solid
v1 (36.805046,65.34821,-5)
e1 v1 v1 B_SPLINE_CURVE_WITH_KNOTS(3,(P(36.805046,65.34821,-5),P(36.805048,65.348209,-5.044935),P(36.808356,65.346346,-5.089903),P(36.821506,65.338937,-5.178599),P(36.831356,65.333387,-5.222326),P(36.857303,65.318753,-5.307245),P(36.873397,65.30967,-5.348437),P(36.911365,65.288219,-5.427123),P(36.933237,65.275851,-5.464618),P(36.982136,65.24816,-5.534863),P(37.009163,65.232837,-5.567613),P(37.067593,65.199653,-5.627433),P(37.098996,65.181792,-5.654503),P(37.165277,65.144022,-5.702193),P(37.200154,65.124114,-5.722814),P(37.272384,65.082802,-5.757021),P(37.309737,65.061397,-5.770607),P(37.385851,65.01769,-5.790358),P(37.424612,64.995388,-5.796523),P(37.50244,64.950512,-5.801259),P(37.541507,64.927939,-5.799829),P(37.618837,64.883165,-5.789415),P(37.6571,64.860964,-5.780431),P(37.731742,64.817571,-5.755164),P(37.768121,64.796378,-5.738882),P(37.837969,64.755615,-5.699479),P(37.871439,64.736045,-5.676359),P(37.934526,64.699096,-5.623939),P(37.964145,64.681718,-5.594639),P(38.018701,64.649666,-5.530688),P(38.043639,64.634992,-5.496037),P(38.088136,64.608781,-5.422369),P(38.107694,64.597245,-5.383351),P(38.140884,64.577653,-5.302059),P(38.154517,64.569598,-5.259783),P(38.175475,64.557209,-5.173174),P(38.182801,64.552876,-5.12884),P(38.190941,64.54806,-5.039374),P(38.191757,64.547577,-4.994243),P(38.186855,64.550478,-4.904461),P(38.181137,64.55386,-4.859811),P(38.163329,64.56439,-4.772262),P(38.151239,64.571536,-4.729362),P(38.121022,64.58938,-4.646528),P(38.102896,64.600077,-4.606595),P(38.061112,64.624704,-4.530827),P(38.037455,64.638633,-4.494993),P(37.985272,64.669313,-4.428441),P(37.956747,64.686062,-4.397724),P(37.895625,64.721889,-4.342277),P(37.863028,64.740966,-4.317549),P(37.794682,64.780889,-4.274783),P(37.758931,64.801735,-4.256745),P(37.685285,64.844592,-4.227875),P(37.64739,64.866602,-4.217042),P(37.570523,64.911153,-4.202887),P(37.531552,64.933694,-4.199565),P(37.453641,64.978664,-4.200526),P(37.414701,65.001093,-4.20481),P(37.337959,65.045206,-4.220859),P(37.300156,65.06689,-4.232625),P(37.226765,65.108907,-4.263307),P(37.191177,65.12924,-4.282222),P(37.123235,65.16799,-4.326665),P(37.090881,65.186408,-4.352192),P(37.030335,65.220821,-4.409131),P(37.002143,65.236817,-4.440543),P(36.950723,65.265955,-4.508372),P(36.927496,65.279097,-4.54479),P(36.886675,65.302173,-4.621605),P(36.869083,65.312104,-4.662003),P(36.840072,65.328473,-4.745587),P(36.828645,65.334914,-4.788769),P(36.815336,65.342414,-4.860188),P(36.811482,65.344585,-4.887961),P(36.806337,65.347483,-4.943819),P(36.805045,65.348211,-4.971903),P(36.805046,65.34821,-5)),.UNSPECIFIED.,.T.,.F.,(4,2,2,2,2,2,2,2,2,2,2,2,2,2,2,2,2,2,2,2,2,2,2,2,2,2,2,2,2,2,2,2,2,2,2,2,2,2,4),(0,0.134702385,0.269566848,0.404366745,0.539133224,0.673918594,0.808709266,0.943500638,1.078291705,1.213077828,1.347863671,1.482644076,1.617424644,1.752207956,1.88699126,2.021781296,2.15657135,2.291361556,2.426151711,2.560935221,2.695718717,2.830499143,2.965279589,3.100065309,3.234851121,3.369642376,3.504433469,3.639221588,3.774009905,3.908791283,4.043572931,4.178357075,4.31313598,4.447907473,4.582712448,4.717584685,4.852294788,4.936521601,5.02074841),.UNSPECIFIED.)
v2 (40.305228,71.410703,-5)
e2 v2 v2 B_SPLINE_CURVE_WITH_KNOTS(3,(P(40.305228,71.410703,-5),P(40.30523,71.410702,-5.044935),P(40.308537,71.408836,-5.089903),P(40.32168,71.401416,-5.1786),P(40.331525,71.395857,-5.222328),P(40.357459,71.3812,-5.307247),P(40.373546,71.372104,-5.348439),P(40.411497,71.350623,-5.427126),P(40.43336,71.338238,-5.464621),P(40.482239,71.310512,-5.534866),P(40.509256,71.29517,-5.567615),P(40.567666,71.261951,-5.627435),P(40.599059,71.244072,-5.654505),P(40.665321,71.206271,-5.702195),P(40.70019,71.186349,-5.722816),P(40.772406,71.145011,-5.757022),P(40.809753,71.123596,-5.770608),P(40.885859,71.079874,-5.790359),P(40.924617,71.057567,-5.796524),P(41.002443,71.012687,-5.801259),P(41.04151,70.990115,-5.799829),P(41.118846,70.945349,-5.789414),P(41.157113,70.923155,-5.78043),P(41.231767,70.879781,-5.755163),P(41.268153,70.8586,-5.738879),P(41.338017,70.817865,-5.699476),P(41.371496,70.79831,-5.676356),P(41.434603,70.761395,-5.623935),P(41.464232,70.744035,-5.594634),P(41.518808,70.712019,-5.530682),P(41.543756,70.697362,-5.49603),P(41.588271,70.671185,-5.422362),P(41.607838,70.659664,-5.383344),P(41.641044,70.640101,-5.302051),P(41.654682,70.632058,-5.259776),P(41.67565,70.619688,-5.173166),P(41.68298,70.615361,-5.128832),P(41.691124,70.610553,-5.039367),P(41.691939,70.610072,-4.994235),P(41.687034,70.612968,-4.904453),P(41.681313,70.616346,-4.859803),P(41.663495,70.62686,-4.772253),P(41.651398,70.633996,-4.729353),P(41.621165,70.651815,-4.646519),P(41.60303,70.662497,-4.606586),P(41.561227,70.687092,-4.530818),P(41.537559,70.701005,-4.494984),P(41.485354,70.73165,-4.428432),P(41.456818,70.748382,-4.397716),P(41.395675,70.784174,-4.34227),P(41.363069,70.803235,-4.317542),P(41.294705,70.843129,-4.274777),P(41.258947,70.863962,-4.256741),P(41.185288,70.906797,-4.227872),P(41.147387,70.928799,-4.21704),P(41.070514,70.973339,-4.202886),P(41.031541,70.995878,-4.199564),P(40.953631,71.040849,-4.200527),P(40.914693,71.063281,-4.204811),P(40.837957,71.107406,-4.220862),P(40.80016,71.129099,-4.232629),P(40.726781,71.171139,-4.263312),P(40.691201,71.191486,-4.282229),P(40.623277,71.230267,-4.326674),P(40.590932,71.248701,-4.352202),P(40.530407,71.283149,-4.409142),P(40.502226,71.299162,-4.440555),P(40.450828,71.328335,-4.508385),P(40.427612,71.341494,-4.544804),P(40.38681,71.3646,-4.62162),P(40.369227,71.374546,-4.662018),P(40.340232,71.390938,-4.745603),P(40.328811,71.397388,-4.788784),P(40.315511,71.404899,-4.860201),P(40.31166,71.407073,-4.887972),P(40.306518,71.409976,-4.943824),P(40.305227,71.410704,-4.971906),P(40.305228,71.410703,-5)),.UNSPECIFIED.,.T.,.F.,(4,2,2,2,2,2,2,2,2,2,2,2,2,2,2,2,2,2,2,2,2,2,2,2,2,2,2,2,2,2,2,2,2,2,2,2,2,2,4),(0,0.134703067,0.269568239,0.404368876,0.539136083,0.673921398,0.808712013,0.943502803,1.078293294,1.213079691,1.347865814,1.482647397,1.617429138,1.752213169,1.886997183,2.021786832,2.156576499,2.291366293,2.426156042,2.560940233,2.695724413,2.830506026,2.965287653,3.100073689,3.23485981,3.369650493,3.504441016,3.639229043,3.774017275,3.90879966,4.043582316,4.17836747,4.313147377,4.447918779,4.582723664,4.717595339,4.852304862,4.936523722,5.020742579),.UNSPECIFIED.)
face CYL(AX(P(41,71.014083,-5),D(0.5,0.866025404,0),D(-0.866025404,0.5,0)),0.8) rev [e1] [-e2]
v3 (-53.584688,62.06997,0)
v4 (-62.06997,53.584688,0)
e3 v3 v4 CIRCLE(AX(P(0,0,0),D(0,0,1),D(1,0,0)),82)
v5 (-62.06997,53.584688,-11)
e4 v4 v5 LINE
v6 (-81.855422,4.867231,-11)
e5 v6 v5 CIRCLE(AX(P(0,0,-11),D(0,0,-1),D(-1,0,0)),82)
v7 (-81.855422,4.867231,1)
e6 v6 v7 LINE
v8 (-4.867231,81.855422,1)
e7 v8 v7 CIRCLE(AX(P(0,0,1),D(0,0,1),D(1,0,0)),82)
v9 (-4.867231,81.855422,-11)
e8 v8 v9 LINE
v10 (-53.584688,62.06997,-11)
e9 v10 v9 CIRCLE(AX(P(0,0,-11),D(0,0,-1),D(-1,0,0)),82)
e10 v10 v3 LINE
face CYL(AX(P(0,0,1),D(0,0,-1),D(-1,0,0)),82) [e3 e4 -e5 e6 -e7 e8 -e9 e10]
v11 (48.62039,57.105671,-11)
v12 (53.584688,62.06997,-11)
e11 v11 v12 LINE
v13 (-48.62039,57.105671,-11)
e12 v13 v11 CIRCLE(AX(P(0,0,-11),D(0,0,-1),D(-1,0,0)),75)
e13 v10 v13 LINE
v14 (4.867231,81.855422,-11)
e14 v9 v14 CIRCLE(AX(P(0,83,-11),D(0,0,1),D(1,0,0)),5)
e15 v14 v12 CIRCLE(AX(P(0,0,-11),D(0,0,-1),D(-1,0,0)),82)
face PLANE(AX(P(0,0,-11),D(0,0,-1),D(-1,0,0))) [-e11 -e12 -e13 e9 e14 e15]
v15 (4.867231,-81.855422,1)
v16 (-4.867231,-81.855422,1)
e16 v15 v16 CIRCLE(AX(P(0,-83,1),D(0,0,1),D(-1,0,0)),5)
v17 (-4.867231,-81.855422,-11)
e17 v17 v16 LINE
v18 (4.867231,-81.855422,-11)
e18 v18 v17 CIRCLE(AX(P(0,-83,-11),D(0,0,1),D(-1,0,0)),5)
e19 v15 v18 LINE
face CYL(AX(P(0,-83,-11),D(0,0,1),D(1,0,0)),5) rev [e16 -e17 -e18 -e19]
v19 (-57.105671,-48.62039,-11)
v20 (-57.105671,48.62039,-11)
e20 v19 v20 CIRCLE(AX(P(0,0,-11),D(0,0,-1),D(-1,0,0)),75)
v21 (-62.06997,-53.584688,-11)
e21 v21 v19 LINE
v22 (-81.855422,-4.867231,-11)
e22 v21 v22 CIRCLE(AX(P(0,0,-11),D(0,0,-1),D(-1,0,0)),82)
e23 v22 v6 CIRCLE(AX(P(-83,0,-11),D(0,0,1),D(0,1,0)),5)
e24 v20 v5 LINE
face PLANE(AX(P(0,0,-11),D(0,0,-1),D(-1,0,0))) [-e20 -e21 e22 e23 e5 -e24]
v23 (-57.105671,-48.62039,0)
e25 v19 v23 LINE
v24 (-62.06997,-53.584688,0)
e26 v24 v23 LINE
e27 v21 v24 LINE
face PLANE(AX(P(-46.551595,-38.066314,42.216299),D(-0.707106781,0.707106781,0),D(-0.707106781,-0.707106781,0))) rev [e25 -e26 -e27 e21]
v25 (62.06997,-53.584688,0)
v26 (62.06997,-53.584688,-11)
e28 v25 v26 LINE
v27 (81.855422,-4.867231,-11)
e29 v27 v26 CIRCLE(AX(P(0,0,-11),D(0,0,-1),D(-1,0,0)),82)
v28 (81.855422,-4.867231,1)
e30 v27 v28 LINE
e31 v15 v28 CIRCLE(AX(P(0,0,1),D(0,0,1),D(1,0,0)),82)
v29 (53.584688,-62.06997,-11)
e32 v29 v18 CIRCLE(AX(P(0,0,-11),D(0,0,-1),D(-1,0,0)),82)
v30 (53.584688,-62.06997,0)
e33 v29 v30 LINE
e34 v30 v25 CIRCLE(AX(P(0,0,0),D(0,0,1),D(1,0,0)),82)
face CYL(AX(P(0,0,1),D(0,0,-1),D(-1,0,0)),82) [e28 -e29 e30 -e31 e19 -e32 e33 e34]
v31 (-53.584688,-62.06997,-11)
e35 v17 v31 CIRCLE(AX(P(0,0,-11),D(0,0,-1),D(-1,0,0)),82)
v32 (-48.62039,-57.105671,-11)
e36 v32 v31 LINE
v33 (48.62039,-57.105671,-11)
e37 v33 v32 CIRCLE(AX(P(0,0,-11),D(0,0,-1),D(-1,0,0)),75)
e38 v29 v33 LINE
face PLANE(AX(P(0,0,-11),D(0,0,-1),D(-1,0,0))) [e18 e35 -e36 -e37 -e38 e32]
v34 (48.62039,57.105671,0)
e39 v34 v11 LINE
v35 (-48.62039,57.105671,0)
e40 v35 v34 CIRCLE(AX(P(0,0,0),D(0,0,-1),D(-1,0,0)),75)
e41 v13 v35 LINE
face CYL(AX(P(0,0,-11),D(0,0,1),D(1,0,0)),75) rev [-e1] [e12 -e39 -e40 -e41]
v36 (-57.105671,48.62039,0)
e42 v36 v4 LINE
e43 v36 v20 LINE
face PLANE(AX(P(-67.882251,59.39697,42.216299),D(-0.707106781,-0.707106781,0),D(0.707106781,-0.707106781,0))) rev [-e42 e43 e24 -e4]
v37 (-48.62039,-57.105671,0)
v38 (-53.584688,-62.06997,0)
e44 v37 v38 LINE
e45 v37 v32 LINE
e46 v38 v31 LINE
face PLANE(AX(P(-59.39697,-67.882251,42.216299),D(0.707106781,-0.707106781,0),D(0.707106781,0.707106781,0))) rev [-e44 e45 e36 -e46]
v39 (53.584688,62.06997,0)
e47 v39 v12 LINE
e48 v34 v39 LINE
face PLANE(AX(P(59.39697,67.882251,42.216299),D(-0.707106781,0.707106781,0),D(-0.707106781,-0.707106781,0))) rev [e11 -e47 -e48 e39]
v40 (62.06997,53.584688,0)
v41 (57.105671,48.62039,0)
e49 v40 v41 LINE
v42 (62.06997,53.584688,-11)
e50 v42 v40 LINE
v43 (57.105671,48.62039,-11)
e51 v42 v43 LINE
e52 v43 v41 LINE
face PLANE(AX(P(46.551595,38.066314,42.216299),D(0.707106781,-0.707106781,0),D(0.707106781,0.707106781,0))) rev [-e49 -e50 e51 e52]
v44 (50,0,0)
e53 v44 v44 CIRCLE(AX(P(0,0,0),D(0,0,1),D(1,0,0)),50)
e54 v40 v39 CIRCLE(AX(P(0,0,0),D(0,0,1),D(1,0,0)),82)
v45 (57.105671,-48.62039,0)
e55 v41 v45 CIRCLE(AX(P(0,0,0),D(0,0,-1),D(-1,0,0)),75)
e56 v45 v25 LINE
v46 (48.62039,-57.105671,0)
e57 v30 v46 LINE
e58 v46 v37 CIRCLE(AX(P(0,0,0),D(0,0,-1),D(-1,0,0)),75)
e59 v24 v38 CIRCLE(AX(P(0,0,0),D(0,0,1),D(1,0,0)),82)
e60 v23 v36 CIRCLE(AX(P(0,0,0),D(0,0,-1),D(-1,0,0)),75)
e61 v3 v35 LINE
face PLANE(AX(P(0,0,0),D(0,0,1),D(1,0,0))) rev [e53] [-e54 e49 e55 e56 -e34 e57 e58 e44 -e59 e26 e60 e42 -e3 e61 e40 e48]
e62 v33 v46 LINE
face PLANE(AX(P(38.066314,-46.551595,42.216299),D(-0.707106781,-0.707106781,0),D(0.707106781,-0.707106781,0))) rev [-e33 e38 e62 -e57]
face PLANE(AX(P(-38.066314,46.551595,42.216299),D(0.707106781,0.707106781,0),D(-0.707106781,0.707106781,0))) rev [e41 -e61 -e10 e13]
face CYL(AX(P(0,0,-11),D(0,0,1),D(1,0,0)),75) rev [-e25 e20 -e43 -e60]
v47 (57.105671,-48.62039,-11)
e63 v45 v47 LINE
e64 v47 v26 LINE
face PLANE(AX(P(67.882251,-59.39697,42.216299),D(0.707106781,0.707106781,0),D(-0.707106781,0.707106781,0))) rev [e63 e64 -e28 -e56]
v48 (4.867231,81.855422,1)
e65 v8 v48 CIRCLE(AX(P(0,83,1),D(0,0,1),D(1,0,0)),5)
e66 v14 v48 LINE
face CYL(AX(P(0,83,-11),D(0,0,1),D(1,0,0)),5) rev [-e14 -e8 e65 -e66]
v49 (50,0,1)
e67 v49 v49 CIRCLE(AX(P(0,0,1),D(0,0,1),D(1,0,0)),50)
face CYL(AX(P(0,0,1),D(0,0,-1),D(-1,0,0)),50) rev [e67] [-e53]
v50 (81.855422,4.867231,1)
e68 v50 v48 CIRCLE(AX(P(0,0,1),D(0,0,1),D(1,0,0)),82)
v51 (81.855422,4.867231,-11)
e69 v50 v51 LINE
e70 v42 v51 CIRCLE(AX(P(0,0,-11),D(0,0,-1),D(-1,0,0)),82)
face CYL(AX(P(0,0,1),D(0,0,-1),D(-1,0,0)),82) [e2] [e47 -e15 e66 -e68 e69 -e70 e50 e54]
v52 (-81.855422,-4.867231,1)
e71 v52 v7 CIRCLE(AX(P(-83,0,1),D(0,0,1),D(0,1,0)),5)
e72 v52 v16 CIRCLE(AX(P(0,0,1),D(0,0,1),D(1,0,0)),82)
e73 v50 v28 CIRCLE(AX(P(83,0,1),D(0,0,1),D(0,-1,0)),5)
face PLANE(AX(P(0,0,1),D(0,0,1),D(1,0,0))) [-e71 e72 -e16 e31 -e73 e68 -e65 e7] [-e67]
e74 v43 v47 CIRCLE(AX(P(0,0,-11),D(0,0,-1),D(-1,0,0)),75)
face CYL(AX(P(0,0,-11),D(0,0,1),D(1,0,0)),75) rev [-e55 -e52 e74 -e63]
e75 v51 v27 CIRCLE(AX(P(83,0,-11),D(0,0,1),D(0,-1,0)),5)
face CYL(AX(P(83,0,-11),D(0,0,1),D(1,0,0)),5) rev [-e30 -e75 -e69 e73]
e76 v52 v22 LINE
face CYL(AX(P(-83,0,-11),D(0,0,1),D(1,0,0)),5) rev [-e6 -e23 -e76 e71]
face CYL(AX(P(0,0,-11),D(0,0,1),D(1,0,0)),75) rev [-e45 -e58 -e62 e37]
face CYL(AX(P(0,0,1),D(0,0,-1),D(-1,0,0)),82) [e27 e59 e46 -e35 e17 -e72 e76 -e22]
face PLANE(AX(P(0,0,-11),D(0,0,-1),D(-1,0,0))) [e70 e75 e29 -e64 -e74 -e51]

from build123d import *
from build123d.topology import SkipClean

# Parameters (mm, degrees)
SKETCH1_R                 = 82
SKETCH1_R_2               = 50
BOSS_EXTRUDE1_DEPTH       = 1
BOSS_EXTRUDE3_START       = 11
SKETCH3_R                 = 82
SKETCH3_R_2               = 75
BOSS_EXTRUDE3_DEPTH       = 11
SKETCH4_R                 = 5
CUT_EXTRUDE1_DEPTH        = 117.584733134
CIRPATTERN1_COUNT         = 4
CUT_EXTRUDE3_DEPTH        = 11
CIRPATTERN3_COUNT         = 4
M2X0_4_TAPPED_HOLE1_D     = 1.6
M2X0_4_TAPPED_HOLE1_DEPTH = 10
M2X0_4_TAPPED_HOLE1_TIP   = 0.480688495


with BuildPart() as part:
    # Sketch1 → Boss-Extrude1 (new body)
    with BuildSketch(Plane.XY):
        Circle(SKETCH1_R)
        Circle(SKETCH1_R_2, mode=Mode.SUBTRACT)
    extrude(amount=BOSS_EXTRUDE1_DEPTH)

    # Sketch3 → Boss-Extrude3 (add)
    with BuildSketch(Plane(origin=(0, 0, 0), x_dir=(-1, 0, 0), z_dir=(0, 0, -1)).offset(BOSS_EXTRUDE3_START)):
        Circle(SKETCH3_R)
        Circle(SKETCH3_R_2, mode=Mode.SUBTRACT)
    extrude(amount=-BOSS_EXTRUDE3_DEPTH)

    # Sketch4 → Cut-Extrude1 (cut, through all)
    with SkipClean():  # the faces are left unmerged after this step: merging them gives an invalid solid
        with BuildSketch(Plane.XY.offset(1)):
            with Locations((0, 83)):
                Circle(SKETCH4_R)
        cut_extrude1 = extrude(amount=-CUT_EXTRUDE1_DEPTH, mode=Mode.SUBTRACT)

    # CirPattern1: Cut-Extrude1 ×4 about axis
    cirpattern1_axis = Axis((0, 0, 0), (0, 0, 1))
    for i in range(1, CIRPATTERN1_COUNT):
        add(cut_extrude1.rotate(cirpattern1_axis, i * 360 / CIRPATTERN1_COUNT), mode=Mode.SUBTRACT)

    # Sketch6 → Cut-Extrude3 (cut)
    with BuildSketch(Plane(origin=(0, 0, -11), x_dir=(-1, 0, 0), z_dir=(0, 0, -1))):
        Polygon((38.066313572, 46.551594946), (59.467914625, 67.953195999), (67.882250994, 59.39696962), (46.551594946, 38.066313572), align=None)
    cut_extrude3 = extrude(amount=-CUT_EXTRUDE3_DEPTH, mode=Mode.SUBTRACT)

    # CirPattern3: Cut-Extrude3 ×4 about axis
    cirpattern3_axis = Axis((0, 0, 0), (0, 0, 1))
    for i in range(1, CIRPATTERN3_COUNT):
        add(cut_extrude3.rotate(cirpattern3_axis, i * 360 / CIRPATTERN3_COUNT), mode=Mode.SUBTRACT)

    # M2x0.4 Tapped Hole1
    with Locations(Plane(origin=(41.000000001, 71.01408311, -5), x_dir=(0.86602540378, -0.500000000007, 0), z_dir=(0.500000000007, 0.86602540378, 0))):
        with Locations((0, 0)):
            Hole(M2X0_4_TAPPED_HOLE1_D / 2, depth=M2X0_4_TAPPED_HOLE1_DEPTH)
            with Locations((0, 0, -(M2X0_4_TAPPED_HOLE1_DEPTH + M2X0_4_TAPPED_HOLE1_TIP / 2))):  # 118° drill point
                Cone(0, M2X0_4_TAPPED_HOLE1_D / 2, M2X0_4_TAPPED_HOLE1_TIP, mode=Mode.SUBTRACT)


solid = part.part
